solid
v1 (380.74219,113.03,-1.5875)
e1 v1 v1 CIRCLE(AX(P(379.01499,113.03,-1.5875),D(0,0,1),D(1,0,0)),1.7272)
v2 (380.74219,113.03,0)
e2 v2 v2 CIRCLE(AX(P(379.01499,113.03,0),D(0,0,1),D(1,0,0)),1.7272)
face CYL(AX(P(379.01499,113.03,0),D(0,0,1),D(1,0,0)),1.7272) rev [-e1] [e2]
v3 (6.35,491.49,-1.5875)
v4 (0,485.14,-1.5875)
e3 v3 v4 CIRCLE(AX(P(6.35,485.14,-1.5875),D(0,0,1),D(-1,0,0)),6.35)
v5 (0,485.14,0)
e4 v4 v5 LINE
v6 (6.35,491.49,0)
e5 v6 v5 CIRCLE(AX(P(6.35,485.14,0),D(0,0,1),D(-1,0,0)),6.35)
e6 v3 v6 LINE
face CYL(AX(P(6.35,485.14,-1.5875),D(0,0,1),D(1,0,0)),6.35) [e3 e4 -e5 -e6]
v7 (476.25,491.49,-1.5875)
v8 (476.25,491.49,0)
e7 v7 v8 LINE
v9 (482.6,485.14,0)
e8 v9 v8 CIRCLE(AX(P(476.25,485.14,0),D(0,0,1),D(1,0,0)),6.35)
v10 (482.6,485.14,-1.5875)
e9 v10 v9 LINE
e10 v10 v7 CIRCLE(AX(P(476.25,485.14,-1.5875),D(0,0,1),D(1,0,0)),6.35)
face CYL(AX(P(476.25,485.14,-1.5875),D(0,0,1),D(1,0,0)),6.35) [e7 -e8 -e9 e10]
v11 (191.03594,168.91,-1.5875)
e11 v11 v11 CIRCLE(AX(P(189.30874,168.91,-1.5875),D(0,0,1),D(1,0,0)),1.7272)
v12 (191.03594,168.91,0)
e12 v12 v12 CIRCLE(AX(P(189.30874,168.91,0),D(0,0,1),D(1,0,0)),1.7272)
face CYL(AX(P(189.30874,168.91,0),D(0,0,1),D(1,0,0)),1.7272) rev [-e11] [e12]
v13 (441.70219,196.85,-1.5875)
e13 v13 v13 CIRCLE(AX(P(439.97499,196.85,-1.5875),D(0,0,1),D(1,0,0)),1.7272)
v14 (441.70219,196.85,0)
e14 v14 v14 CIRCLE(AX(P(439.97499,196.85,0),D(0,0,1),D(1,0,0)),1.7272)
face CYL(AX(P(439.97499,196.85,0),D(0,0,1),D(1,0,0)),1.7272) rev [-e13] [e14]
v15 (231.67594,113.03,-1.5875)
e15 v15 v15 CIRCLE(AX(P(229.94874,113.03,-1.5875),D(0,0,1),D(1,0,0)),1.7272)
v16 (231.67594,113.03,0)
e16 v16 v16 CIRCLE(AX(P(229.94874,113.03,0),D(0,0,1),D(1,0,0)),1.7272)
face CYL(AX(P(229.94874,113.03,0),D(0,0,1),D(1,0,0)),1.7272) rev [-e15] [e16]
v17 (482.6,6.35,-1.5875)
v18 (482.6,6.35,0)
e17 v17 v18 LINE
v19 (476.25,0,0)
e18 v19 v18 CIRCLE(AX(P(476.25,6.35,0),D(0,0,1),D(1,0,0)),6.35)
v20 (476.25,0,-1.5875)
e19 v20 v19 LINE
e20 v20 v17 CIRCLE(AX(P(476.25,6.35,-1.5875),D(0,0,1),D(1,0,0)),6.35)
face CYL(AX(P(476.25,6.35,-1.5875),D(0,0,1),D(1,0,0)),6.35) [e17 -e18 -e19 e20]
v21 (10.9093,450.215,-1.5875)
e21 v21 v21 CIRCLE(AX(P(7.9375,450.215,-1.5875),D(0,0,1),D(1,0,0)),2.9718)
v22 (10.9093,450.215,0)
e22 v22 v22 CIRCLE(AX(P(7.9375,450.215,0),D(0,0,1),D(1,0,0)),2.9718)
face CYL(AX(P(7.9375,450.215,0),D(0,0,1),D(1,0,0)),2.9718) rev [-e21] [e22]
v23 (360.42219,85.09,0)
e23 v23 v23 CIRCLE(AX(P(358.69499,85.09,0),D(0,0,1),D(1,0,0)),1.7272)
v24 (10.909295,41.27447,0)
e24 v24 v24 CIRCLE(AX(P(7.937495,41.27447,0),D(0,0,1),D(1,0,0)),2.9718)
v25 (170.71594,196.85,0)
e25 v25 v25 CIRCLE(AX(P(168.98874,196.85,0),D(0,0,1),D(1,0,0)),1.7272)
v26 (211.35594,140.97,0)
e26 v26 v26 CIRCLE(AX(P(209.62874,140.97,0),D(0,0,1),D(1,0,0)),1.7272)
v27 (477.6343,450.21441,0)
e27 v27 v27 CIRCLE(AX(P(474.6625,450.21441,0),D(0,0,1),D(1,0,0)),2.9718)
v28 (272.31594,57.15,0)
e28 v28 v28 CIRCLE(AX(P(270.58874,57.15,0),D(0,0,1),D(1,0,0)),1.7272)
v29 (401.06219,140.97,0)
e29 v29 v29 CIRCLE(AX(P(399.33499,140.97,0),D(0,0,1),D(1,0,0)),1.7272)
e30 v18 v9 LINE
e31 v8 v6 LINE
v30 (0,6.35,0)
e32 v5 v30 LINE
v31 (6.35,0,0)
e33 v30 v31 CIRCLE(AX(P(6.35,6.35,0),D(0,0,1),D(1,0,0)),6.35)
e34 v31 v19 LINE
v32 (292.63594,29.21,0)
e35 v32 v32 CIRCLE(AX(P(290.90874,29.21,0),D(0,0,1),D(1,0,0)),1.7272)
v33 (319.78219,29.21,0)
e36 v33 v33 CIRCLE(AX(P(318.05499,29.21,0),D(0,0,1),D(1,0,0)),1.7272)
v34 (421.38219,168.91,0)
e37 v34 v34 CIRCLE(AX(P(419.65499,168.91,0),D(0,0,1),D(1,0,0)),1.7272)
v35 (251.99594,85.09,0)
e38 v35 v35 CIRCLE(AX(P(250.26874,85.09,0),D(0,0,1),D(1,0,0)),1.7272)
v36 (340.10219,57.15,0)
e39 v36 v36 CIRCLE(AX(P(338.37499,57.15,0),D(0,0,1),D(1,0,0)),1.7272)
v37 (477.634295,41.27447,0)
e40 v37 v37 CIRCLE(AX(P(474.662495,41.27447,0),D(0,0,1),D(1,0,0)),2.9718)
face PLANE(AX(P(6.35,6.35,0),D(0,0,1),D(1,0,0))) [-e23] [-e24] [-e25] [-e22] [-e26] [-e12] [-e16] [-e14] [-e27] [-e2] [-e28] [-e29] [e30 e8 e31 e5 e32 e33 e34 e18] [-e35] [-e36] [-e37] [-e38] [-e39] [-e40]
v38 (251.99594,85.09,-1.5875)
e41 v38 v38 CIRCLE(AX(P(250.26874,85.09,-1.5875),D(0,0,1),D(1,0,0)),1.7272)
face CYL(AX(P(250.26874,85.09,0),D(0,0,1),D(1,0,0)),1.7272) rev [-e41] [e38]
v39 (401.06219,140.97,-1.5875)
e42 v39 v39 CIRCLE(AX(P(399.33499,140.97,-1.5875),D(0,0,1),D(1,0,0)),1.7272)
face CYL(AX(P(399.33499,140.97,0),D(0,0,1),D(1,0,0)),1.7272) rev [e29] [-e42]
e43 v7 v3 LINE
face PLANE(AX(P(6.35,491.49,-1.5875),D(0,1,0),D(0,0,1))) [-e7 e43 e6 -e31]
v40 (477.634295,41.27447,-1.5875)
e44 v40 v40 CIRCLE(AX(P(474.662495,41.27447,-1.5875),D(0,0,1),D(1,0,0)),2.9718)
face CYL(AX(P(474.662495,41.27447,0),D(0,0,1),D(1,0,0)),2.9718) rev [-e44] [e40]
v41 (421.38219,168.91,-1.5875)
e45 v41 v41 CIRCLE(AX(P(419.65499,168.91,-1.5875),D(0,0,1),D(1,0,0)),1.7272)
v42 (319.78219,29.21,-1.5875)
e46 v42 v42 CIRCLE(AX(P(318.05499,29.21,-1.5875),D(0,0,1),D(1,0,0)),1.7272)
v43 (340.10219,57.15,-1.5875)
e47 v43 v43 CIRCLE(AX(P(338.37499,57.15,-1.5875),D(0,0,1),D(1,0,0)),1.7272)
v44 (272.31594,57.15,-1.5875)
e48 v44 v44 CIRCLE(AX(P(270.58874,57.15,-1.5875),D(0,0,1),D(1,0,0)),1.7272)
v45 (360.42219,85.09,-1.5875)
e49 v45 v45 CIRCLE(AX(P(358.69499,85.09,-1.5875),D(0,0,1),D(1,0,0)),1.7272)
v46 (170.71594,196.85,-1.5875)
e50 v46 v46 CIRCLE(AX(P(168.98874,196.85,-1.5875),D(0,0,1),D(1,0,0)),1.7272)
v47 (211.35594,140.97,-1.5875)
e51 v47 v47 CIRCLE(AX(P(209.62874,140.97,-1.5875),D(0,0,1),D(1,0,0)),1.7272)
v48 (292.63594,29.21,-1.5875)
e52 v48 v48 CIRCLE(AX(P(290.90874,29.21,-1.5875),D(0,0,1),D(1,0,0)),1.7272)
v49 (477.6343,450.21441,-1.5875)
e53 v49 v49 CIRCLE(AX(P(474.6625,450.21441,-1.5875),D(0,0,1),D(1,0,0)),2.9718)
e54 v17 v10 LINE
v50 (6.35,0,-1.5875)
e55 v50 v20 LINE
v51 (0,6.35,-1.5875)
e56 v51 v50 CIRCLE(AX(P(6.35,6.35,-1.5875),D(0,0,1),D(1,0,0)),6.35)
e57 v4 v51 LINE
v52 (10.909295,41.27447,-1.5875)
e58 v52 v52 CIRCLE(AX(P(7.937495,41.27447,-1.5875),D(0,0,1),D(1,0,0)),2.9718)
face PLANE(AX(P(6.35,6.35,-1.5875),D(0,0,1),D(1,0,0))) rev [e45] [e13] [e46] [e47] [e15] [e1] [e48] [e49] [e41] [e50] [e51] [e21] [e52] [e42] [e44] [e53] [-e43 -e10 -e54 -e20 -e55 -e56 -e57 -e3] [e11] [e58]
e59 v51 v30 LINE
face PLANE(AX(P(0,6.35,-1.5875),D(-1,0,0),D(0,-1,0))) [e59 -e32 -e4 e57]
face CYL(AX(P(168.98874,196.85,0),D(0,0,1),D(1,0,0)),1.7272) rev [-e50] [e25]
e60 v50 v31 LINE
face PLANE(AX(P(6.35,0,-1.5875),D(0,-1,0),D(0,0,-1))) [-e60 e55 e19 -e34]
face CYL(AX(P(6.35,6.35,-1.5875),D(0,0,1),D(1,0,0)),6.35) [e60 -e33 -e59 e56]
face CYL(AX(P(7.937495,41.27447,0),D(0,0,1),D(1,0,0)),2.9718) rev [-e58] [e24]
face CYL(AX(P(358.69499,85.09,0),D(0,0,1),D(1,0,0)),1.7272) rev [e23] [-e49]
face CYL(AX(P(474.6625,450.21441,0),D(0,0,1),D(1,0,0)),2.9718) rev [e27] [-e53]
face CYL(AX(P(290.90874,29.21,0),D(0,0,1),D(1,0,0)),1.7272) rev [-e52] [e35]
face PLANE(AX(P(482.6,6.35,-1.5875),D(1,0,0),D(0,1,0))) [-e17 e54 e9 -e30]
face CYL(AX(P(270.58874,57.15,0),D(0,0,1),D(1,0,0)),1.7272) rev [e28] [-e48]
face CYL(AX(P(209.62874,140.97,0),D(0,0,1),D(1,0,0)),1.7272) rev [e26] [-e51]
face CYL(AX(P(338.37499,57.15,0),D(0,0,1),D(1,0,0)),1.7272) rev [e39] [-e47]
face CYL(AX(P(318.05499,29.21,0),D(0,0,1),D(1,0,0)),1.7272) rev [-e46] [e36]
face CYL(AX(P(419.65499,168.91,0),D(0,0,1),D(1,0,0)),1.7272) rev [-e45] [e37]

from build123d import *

# Parameters (mm, degrees)
BOSS_EXTRUDE1_DEPTH             = 1.5875
A_0_234_DIAMETER_HOLE1_D        = 5.9436
A_0_234_DIAMETER_HOLE1_DEPTH    = 6.35
A_0_234_DIAMETER_HOLE1_TIP      = 1.785637588
F_29_0_136_DIAMETER_HOLE1_D     = 3.4544
F_29_0_136_DIAMETER_HOLE1_DEPTH = 19.05
F_29_0_136_DIAMETER_HOLE1_TIP   = 1.037806461


with BuildPart() as part:
    # Sketch1 → Boss-Extrude1 (new body)
    with BuildSketch(Plane.XY):
        with BuildLine():
            Line((6.35, 0), (476.25, 0))
            ThreePointArc((476.25, 0), (480.740128061, 1.859871939), (482.6, 6.35))
            Line((482.6, 6.35), (482.6, 485.14))
            ThreePointArc((482.6, 485.14), (480.740128061, 489.630128061), (476.25, 491.49))
            Line((476.25, 491.49), (6.35, 491.49))
            ThreePointArc((6.35, 491.49), (1.859871939, 489.630128061), (0, 485.14))
            Line((0, 485.14), (0, 6.35))
            ThreePointArc((0, 6.35), (1.859871939, 1.859871939), (6.35, 0))
        make_face()
    extrude(amount=-BOSS_EXTRUDE1_DEPTH)

    # A (0.234) Diameter Hole1
    with Locations(Plane(origin=(-396.999136144, -1211.173521534, 0), x_dir=(1, 0, 0), z_dir=(0, 0, 1))):
        with Locations((871.661631208, 1252.447991883), (871.661636144, 1661.387931308), (404.936636144, 1661.388521534), (404.936631208, 1252.447991883)):
            Hole(A_0_234_DIAMETER_HOLE1_D / 2, depth=A_0_234_DIAMETER_HOLE1_DEPTH)
            with Locations((0, 0, -(A_0_234_DIAMETER_HOLE1_DEPTH + A_0_234_DIAMETER_HOLE1_TIP / 2))):  # 118° drill point
                Cone(0, A_0_234_DIAMETER_HOLE1_D / 2, A_0_234_DIAMETER_HOLE1_TIP, mode=Mode.SUBTRACT)

    # #29 (0.136) Diameter Hole1
    with Locations(Plane(origin=(-437.078957849, -1254.719045707, 0), x_dir=(1, 0, 0), z_dir=(0, 0, 1))):
        with Locations((606.067697849, 1451.569045707), (626.387697849, 1423.629045707), (646.707697849, 1395.689045707), (667.027697849, 1367.749045707), (687.347697849, 1339.809045707), (707.667697849, 1311.869045707), (727.987697849, 1283.929045707), (755.133947849, 1283.929045707), (775.453947849, 1311.869045707), (795.773947849, 1339.809045707), (816.093947849, 1367.749045707), (877.053947849, 1451.569045707), (856.733947849, 1423.629045707), (836.413947849, 1395.689045707)):
            Hole(F_29_0_136_DIAMETER_HOLE1_D / 2, depth=F_29_0_136_DIAMETER_HOLE1_DEPTH)
            with Locations((0, 0, -(F_29_0_136_DIAMETER_HOLE1_DEPTH + F_29_0_136_DIAMETER_HOLE1_TIP / 2))):  # 118° drill point
                Cone(0, F_29_0_136_DIAMETER_HOLE1_D / 2, F_29_0_136_DIAMETER_HOLE1_TIP, mode=Mode.SUBTRACT)


solid = part.part
